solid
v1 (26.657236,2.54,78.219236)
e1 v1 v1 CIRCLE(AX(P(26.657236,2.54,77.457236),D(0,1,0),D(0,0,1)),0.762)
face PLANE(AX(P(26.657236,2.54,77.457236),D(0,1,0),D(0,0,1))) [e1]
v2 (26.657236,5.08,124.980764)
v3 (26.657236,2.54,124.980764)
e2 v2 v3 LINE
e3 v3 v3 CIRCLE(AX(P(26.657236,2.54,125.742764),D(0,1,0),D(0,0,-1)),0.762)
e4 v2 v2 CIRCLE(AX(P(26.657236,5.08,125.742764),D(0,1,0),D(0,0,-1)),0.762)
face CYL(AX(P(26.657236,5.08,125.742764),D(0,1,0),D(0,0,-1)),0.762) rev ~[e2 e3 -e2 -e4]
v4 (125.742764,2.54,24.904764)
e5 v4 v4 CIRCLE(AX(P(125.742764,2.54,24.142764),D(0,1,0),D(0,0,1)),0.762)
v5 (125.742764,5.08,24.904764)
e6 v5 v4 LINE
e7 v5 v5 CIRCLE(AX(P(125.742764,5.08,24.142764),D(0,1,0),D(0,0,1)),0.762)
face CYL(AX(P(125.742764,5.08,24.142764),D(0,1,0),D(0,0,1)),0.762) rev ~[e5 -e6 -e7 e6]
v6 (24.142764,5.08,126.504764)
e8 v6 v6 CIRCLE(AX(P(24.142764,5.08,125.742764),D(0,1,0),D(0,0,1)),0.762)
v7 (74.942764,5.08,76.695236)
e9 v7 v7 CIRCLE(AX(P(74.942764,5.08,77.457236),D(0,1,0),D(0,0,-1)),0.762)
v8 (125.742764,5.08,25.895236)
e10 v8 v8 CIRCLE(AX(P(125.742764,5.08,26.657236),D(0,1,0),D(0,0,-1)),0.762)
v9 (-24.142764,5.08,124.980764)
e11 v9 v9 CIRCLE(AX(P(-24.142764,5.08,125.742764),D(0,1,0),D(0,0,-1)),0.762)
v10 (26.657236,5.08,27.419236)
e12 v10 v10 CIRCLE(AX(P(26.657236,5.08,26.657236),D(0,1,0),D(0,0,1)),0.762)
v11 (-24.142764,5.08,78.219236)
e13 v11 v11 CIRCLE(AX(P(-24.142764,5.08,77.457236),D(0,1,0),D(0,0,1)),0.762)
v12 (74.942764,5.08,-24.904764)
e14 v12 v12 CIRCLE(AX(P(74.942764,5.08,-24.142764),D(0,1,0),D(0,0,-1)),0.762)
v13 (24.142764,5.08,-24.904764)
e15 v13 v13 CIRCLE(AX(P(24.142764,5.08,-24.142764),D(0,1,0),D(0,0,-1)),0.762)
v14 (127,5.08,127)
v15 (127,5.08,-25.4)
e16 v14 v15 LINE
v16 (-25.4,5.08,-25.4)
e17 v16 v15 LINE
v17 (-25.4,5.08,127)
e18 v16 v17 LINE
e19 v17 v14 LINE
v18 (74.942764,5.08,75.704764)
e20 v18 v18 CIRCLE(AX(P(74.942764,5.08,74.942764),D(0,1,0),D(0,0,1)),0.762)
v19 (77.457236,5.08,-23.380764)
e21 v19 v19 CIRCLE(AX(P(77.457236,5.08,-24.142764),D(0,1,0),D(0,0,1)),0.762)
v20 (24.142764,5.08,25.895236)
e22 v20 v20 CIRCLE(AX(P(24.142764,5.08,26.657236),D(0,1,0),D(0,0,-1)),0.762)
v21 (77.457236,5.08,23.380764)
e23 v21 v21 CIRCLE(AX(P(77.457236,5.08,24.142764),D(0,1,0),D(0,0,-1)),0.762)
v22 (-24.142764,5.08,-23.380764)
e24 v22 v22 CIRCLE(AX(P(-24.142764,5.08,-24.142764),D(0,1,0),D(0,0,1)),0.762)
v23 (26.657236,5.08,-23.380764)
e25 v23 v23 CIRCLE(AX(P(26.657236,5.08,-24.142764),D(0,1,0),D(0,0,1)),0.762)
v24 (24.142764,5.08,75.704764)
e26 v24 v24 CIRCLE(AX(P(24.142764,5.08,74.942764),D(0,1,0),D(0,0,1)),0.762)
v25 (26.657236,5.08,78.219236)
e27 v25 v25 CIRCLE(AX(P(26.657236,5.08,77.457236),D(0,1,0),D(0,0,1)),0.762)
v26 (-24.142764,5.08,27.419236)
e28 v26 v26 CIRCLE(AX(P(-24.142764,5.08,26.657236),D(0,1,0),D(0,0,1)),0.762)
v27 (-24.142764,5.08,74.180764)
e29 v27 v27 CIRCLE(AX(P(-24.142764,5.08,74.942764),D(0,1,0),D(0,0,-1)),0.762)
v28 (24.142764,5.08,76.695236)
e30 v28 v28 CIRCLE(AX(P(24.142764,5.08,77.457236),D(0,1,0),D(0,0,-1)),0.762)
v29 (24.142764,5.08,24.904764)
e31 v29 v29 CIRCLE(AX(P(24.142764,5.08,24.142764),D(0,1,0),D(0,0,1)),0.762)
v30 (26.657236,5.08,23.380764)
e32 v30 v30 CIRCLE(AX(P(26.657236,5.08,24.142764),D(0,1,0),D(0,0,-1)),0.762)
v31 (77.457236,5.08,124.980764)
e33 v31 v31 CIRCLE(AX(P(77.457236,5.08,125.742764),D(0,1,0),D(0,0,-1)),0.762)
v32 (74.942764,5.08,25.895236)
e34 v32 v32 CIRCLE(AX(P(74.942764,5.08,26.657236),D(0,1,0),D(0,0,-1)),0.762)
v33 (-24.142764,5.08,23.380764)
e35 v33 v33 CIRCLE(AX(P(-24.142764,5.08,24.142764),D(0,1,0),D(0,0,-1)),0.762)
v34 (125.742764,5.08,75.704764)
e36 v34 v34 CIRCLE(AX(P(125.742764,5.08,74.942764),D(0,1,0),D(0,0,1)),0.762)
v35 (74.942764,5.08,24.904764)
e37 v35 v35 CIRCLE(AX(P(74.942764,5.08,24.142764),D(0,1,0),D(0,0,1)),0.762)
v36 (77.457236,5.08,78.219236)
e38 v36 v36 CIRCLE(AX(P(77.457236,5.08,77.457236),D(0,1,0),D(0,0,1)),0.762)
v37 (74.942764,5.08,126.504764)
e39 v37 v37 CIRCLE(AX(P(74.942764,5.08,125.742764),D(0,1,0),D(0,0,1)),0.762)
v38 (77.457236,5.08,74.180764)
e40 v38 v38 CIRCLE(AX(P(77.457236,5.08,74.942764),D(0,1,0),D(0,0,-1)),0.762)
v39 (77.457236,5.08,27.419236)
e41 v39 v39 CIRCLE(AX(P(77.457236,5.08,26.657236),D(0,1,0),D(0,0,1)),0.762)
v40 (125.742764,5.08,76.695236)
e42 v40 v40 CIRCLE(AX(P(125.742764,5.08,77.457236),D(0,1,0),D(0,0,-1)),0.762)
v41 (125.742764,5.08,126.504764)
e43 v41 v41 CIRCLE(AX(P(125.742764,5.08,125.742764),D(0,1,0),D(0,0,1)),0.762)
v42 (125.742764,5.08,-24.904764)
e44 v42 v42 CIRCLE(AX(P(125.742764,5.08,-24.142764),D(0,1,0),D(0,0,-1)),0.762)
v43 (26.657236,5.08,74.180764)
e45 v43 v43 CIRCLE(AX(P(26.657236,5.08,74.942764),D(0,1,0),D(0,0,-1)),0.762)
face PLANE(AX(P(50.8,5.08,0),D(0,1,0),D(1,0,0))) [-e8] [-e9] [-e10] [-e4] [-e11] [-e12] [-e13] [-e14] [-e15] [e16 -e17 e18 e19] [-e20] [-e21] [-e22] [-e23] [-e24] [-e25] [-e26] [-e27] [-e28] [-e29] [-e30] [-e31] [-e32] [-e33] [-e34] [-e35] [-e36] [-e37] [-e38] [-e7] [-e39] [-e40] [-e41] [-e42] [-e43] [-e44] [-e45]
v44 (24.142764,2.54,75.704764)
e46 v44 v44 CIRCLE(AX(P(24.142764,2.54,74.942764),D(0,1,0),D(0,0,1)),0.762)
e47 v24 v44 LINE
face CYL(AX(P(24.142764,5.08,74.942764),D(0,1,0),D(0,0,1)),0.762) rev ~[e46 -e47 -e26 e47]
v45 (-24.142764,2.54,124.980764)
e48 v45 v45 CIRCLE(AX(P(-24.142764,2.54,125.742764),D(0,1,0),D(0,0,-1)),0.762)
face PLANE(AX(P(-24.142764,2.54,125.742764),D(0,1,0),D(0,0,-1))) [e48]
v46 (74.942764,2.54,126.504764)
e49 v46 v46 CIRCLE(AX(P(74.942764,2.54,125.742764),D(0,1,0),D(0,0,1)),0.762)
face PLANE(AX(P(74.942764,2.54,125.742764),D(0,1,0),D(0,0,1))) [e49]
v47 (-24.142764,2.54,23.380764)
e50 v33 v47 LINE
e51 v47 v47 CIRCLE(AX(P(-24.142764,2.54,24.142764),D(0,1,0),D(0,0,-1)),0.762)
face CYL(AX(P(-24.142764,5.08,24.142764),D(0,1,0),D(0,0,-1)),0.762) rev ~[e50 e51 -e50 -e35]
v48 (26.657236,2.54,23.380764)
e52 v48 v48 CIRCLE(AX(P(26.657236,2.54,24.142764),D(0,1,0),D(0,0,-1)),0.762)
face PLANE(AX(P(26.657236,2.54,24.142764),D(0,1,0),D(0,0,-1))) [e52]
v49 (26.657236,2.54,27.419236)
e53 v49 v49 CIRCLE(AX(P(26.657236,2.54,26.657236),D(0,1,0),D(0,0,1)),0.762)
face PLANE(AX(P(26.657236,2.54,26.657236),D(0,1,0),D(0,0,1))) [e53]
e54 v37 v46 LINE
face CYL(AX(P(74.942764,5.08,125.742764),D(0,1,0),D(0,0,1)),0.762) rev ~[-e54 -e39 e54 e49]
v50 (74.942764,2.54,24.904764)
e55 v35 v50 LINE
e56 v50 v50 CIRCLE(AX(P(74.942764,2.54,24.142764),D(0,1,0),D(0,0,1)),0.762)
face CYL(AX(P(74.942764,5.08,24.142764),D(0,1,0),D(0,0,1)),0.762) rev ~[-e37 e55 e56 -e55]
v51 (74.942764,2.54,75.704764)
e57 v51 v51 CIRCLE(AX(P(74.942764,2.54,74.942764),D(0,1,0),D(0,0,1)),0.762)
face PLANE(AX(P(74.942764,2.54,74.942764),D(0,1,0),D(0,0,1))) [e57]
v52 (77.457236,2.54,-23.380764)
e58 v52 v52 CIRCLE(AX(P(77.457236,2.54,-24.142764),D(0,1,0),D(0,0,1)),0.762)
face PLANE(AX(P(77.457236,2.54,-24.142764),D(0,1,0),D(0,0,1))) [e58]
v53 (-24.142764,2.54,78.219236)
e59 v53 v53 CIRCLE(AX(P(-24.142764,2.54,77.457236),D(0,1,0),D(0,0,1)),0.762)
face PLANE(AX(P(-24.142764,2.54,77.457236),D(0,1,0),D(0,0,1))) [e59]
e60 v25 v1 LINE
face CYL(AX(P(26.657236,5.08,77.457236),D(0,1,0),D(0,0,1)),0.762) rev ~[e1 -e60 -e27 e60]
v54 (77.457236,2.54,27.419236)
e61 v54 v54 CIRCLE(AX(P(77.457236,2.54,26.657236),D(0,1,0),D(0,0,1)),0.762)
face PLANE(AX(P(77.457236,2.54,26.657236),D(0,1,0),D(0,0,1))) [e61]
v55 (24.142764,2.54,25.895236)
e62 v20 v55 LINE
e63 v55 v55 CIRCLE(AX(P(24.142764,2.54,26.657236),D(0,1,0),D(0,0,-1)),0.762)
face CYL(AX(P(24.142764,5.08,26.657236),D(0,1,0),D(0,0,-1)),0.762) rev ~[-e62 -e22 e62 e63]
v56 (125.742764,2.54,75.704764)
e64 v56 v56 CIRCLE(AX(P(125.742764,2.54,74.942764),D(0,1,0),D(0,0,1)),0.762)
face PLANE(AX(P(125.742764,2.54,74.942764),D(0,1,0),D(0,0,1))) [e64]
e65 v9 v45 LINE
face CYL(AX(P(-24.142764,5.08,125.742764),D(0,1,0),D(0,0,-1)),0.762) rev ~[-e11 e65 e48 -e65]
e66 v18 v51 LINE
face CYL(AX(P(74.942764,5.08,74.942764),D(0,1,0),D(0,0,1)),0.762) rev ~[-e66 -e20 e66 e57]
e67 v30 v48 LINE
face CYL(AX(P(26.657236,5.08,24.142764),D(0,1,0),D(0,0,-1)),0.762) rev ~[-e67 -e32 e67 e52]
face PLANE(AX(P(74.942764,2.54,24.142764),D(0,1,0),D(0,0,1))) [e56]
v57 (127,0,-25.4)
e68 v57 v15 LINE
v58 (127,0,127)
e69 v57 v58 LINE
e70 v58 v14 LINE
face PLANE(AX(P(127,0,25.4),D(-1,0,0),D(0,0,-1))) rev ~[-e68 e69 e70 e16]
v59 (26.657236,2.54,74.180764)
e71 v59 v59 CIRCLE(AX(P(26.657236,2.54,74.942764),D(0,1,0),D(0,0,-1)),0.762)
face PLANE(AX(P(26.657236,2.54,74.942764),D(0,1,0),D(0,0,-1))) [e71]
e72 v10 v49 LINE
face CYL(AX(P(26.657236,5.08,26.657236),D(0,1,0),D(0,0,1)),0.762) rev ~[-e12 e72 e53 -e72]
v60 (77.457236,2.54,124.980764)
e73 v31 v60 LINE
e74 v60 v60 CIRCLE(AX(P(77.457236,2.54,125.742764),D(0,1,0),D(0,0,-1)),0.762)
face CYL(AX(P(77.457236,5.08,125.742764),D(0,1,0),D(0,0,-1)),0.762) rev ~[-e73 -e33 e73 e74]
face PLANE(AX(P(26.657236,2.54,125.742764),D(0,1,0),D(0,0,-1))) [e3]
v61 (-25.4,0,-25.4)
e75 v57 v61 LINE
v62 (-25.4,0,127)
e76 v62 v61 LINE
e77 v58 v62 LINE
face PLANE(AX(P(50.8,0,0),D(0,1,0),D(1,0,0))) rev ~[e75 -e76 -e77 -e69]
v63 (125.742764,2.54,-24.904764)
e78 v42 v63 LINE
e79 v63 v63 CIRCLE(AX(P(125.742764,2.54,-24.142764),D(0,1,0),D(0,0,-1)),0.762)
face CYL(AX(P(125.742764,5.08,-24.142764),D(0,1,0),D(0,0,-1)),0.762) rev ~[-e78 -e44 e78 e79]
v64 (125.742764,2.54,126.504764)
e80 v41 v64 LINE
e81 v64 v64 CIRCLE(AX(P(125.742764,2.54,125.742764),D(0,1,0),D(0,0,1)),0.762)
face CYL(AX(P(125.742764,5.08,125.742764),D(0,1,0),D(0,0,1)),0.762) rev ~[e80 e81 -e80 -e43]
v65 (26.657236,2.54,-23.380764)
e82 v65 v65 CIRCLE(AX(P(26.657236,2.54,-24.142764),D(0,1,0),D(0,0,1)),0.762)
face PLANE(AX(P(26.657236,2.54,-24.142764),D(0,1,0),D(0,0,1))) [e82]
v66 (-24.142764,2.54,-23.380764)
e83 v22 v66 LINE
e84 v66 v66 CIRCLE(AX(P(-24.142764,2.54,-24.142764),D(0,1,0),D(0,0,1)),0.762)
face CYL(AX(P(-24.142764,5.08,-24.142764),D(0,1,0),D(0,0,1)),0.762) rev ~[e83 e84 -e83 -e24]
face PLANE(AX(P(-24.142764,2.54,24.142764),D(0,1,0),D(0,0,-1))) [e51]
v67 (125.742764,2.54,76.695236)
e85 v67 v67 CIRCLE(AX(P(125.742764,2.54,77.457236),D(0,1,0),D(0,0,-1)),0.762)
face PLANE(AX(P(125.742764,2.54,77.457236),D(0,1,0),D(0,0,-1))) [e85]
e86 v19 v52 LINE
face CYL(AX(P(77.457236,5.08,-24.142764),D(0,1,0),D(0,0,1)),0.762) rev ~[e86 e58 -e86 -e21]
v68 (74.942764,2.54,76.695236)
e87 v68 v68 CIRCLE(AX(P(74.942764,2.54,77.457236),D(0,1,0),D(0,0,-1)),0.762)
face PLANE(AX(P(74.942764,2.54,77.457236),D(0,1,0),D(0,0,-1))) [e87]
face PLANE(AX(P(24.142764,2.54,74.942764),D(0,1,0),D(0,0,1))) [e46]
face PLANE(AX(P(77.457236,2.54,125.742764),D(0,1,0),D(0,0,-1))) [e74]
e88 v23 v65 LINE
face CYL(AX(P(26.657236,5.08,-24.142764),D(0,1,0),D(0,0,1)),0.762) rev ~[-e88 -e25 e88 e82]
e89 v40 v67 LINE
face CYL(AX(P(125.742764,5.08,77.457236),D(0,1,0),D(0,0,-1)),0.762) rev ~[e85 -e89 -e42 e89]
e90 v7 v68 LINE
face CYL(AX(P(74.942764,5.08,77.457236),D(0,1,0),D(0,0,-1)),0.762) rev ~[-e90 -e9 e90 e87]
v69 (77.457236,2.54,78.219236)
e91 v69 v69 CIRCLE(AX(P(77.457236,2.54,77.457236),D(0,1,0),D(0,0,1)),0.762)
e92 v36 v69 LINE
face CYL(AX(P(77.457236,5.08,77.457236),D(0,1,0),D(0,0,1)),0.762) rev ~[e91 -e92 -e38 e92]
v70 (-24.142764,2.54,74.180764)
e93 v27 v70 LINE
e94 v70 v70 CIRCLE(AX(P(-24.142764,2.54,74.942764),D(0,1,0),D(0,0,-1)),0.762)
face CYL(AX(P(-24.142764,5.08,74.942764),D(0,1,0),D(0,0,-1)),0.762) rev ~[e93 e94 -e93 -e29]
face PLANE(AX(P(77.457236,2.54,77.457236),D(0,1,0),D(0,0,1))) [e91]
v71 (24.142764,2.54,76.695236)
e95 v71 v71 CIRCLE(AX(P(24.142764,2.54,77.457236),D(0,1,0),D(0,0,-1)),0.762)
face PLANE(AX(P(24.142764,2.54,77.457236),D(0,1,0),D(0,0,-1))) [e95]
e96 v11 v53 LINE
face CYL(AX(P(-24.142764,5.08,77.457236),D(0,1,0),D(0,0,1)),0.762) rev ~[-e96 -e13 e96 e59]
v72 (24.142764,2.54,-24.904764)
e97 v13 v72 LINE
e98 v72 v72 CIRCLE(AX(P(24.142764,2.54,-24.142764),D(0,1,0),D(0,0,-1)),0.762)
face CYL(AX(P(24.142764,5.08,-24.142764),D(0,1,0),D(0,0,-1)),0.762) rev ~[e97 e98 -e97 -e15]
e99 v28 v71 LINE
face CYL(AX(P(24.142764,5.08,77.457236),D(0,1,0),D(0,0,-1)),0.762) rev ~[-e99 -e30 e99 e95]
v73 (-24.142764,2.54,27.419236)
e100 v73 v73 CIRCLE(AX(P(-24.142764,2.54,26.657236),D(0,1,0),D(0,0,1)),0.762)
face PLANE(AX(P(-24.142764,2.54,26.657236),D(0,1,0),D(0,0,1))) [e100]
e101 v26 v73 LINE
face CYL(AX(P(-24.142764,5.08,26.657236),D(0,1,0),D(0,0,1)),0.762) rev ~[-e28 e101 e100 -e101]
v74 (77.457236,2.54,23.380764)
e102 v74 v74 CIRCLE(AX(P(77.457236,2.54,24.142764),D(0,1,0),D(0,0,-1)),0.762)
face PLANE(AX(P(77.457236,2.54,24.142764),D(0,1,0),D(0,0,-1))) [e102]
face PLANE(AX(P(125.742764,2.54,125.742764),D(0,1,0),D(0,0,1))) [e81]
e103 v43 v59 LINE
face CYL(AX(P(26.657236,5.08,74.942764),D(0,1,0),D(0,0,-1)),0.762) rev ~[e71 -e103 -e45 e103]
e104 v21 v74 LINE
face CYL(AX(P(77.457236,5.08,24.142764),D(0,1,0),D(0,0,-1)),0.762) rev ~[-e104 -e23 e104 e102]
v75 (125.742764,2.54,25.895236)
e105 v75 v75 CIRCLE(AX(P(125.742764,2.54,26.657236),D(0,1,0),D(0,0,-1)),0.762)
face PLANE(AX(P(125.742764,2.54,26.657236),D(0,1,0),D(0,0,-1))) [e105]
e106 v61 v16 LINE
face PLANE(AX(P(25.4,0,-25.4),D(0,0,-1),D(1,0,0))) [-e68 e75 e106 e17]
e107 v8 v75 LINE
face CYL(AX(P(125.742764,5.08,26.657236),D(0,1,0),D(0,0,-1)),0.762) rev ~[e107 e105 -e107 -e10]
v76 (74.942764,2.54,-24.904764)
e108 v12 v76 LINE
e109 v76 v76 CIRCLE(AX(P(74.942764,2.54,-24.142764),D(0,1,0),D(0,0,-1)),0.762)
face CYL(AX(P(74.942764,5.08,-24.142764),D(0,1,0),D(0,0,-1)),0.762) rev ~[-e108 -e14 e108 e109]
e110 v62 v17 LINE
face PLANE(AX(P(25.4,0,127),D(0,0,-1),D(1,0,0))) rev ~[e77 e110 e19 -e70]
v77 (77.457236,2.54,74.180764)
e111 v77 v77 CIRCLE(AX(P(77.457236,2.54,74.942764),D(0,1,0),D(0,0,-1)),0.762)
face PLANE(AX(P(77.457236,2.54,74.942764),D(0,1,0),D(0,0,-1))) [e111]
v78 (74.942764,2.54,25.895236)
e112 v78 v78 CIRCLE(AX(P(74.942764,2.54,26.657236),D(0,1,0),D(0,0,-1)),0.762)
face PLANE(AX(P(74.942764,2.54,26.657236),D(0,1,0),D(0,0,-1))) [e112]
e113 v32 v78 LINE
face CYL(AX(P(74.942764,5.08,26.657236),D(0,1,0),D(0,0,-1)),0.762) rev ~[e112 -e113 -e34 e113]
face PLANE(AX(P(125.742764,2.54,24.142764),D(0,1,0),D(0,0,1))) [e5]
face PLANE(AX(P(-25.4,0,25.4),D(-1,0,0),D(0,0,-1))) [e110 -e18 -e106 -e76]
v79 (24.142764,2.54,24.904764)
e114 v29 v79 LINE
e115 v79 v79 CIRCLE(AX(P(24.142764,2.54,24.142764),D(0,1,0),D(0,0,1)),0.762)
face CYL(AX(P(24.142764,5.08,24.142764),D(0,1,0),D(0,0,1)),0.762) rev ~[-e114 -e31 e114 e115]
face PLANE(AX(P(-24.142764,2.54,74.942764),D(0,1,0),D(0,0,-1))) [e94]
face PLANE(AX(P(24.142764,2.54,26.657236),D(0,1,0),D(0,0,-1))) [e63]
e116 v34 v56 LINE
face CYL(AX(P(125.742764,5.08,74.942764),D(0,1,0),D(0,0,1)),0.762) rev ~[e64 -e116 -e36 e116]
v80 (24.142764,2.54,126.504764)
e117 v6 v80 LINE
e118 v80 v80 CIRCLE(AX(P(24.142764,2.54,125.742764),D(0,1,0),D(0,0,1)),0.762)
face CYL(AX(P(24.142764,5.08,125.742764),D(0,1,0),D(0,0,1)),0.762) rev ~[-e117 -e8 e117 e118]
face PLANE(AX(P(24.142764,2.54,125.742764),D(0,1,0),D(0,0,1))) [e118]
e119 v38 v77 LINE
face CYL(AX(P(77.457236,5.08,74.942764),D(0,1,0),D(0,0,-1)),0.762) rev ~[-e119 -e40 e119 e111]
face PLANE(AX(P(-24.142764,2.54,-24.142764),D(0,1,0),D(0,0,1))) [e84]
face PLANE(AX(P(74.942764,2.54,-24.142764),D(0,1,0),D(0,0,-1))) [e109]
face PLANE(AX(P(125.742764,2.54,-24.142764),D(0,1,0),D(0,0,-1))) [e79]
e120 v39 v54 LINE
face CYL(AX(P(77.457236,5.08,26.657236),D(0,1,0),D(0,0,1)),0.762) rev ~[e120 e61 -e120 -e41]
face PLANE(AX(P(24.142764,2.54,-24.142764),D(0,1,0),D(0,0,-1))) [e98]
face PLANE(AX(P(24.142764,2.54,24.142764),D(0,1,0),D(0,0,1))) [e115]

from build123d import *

# Parameters (mm, degrees)
SKETCH1_W            = 50.8
SKETCH1_H            = 50.8
BOSS_EXTRUDE1_DEPTH  = 5.08
SKETCH11_R           = 0.762
CUT_EXTRUDE6_DEPTH   = 2.54
LPATTERN1_COUNT      = 3
LPATTERN1_PITCH      = 50.8
LPATTERN1_COUNT_DIR2 = 3
LPATTERN1_PITCH_DIR2 = 50.8


with BuildPart() as part:
    # Sketch1 → Boss-Extrude1 (new body)
    with BuildSketch(Plane(origin=(0, 0, 0), x_dir=(1, 0, 0), z_dir=(0, 1, 0))):
        Rectangle(SKETCH1_W, SKETCH1_H)
    boss_extrude1 = extrude(amount=BOSS_EXTRUDE1_DEPTH)

    # Sketch11 → Cut-Extrude6 (cut)
    with BuildSketch(Plane(origin=(0, 5.08, 0), x_dir=(1, 0, 0), z_dir=(0, 1, 0))):
        with Locations(Location((-24.142764143, 24.142764143, 0), (0, 0, 270))):
            Circle(SKETCH11_R)
        with Locations(Location((24.142764143, 24.142764143, 0), (0, 0, 90))):
            Circle(SKETCH11_R)
        with Locations(Location((24.142764143, -24.142764143, 0), (0, 0, 270))):
            Circle(SKETCH11_R)
        with Locations(Location((-24.142764143, -24.142764143, 0), (0, 0, 90))):
            Circle(SKETCH11_R)
    cut_extrude6 = extrude(amount=-CUT_EXTRUDE6_DEPTH, mode=Mode.SUBTRACT)

    # LPattern1: Boss-Extrude1, Cut-Extrude6 3 × 3
    with Locations(*[(j * LPATTERN1_PITCH_DIR2, 0, i * LPATTERN1_PITCH) for i in range(LPATTERN1_COUNT) for j in range(LPATTERN1_COUNT_DIR2) if (i, j) != (0, 0)]):
        add(boss_extrude1)
        add(cut_extrude6, mode=Mode.SUBTRACT)


solid = part.part
